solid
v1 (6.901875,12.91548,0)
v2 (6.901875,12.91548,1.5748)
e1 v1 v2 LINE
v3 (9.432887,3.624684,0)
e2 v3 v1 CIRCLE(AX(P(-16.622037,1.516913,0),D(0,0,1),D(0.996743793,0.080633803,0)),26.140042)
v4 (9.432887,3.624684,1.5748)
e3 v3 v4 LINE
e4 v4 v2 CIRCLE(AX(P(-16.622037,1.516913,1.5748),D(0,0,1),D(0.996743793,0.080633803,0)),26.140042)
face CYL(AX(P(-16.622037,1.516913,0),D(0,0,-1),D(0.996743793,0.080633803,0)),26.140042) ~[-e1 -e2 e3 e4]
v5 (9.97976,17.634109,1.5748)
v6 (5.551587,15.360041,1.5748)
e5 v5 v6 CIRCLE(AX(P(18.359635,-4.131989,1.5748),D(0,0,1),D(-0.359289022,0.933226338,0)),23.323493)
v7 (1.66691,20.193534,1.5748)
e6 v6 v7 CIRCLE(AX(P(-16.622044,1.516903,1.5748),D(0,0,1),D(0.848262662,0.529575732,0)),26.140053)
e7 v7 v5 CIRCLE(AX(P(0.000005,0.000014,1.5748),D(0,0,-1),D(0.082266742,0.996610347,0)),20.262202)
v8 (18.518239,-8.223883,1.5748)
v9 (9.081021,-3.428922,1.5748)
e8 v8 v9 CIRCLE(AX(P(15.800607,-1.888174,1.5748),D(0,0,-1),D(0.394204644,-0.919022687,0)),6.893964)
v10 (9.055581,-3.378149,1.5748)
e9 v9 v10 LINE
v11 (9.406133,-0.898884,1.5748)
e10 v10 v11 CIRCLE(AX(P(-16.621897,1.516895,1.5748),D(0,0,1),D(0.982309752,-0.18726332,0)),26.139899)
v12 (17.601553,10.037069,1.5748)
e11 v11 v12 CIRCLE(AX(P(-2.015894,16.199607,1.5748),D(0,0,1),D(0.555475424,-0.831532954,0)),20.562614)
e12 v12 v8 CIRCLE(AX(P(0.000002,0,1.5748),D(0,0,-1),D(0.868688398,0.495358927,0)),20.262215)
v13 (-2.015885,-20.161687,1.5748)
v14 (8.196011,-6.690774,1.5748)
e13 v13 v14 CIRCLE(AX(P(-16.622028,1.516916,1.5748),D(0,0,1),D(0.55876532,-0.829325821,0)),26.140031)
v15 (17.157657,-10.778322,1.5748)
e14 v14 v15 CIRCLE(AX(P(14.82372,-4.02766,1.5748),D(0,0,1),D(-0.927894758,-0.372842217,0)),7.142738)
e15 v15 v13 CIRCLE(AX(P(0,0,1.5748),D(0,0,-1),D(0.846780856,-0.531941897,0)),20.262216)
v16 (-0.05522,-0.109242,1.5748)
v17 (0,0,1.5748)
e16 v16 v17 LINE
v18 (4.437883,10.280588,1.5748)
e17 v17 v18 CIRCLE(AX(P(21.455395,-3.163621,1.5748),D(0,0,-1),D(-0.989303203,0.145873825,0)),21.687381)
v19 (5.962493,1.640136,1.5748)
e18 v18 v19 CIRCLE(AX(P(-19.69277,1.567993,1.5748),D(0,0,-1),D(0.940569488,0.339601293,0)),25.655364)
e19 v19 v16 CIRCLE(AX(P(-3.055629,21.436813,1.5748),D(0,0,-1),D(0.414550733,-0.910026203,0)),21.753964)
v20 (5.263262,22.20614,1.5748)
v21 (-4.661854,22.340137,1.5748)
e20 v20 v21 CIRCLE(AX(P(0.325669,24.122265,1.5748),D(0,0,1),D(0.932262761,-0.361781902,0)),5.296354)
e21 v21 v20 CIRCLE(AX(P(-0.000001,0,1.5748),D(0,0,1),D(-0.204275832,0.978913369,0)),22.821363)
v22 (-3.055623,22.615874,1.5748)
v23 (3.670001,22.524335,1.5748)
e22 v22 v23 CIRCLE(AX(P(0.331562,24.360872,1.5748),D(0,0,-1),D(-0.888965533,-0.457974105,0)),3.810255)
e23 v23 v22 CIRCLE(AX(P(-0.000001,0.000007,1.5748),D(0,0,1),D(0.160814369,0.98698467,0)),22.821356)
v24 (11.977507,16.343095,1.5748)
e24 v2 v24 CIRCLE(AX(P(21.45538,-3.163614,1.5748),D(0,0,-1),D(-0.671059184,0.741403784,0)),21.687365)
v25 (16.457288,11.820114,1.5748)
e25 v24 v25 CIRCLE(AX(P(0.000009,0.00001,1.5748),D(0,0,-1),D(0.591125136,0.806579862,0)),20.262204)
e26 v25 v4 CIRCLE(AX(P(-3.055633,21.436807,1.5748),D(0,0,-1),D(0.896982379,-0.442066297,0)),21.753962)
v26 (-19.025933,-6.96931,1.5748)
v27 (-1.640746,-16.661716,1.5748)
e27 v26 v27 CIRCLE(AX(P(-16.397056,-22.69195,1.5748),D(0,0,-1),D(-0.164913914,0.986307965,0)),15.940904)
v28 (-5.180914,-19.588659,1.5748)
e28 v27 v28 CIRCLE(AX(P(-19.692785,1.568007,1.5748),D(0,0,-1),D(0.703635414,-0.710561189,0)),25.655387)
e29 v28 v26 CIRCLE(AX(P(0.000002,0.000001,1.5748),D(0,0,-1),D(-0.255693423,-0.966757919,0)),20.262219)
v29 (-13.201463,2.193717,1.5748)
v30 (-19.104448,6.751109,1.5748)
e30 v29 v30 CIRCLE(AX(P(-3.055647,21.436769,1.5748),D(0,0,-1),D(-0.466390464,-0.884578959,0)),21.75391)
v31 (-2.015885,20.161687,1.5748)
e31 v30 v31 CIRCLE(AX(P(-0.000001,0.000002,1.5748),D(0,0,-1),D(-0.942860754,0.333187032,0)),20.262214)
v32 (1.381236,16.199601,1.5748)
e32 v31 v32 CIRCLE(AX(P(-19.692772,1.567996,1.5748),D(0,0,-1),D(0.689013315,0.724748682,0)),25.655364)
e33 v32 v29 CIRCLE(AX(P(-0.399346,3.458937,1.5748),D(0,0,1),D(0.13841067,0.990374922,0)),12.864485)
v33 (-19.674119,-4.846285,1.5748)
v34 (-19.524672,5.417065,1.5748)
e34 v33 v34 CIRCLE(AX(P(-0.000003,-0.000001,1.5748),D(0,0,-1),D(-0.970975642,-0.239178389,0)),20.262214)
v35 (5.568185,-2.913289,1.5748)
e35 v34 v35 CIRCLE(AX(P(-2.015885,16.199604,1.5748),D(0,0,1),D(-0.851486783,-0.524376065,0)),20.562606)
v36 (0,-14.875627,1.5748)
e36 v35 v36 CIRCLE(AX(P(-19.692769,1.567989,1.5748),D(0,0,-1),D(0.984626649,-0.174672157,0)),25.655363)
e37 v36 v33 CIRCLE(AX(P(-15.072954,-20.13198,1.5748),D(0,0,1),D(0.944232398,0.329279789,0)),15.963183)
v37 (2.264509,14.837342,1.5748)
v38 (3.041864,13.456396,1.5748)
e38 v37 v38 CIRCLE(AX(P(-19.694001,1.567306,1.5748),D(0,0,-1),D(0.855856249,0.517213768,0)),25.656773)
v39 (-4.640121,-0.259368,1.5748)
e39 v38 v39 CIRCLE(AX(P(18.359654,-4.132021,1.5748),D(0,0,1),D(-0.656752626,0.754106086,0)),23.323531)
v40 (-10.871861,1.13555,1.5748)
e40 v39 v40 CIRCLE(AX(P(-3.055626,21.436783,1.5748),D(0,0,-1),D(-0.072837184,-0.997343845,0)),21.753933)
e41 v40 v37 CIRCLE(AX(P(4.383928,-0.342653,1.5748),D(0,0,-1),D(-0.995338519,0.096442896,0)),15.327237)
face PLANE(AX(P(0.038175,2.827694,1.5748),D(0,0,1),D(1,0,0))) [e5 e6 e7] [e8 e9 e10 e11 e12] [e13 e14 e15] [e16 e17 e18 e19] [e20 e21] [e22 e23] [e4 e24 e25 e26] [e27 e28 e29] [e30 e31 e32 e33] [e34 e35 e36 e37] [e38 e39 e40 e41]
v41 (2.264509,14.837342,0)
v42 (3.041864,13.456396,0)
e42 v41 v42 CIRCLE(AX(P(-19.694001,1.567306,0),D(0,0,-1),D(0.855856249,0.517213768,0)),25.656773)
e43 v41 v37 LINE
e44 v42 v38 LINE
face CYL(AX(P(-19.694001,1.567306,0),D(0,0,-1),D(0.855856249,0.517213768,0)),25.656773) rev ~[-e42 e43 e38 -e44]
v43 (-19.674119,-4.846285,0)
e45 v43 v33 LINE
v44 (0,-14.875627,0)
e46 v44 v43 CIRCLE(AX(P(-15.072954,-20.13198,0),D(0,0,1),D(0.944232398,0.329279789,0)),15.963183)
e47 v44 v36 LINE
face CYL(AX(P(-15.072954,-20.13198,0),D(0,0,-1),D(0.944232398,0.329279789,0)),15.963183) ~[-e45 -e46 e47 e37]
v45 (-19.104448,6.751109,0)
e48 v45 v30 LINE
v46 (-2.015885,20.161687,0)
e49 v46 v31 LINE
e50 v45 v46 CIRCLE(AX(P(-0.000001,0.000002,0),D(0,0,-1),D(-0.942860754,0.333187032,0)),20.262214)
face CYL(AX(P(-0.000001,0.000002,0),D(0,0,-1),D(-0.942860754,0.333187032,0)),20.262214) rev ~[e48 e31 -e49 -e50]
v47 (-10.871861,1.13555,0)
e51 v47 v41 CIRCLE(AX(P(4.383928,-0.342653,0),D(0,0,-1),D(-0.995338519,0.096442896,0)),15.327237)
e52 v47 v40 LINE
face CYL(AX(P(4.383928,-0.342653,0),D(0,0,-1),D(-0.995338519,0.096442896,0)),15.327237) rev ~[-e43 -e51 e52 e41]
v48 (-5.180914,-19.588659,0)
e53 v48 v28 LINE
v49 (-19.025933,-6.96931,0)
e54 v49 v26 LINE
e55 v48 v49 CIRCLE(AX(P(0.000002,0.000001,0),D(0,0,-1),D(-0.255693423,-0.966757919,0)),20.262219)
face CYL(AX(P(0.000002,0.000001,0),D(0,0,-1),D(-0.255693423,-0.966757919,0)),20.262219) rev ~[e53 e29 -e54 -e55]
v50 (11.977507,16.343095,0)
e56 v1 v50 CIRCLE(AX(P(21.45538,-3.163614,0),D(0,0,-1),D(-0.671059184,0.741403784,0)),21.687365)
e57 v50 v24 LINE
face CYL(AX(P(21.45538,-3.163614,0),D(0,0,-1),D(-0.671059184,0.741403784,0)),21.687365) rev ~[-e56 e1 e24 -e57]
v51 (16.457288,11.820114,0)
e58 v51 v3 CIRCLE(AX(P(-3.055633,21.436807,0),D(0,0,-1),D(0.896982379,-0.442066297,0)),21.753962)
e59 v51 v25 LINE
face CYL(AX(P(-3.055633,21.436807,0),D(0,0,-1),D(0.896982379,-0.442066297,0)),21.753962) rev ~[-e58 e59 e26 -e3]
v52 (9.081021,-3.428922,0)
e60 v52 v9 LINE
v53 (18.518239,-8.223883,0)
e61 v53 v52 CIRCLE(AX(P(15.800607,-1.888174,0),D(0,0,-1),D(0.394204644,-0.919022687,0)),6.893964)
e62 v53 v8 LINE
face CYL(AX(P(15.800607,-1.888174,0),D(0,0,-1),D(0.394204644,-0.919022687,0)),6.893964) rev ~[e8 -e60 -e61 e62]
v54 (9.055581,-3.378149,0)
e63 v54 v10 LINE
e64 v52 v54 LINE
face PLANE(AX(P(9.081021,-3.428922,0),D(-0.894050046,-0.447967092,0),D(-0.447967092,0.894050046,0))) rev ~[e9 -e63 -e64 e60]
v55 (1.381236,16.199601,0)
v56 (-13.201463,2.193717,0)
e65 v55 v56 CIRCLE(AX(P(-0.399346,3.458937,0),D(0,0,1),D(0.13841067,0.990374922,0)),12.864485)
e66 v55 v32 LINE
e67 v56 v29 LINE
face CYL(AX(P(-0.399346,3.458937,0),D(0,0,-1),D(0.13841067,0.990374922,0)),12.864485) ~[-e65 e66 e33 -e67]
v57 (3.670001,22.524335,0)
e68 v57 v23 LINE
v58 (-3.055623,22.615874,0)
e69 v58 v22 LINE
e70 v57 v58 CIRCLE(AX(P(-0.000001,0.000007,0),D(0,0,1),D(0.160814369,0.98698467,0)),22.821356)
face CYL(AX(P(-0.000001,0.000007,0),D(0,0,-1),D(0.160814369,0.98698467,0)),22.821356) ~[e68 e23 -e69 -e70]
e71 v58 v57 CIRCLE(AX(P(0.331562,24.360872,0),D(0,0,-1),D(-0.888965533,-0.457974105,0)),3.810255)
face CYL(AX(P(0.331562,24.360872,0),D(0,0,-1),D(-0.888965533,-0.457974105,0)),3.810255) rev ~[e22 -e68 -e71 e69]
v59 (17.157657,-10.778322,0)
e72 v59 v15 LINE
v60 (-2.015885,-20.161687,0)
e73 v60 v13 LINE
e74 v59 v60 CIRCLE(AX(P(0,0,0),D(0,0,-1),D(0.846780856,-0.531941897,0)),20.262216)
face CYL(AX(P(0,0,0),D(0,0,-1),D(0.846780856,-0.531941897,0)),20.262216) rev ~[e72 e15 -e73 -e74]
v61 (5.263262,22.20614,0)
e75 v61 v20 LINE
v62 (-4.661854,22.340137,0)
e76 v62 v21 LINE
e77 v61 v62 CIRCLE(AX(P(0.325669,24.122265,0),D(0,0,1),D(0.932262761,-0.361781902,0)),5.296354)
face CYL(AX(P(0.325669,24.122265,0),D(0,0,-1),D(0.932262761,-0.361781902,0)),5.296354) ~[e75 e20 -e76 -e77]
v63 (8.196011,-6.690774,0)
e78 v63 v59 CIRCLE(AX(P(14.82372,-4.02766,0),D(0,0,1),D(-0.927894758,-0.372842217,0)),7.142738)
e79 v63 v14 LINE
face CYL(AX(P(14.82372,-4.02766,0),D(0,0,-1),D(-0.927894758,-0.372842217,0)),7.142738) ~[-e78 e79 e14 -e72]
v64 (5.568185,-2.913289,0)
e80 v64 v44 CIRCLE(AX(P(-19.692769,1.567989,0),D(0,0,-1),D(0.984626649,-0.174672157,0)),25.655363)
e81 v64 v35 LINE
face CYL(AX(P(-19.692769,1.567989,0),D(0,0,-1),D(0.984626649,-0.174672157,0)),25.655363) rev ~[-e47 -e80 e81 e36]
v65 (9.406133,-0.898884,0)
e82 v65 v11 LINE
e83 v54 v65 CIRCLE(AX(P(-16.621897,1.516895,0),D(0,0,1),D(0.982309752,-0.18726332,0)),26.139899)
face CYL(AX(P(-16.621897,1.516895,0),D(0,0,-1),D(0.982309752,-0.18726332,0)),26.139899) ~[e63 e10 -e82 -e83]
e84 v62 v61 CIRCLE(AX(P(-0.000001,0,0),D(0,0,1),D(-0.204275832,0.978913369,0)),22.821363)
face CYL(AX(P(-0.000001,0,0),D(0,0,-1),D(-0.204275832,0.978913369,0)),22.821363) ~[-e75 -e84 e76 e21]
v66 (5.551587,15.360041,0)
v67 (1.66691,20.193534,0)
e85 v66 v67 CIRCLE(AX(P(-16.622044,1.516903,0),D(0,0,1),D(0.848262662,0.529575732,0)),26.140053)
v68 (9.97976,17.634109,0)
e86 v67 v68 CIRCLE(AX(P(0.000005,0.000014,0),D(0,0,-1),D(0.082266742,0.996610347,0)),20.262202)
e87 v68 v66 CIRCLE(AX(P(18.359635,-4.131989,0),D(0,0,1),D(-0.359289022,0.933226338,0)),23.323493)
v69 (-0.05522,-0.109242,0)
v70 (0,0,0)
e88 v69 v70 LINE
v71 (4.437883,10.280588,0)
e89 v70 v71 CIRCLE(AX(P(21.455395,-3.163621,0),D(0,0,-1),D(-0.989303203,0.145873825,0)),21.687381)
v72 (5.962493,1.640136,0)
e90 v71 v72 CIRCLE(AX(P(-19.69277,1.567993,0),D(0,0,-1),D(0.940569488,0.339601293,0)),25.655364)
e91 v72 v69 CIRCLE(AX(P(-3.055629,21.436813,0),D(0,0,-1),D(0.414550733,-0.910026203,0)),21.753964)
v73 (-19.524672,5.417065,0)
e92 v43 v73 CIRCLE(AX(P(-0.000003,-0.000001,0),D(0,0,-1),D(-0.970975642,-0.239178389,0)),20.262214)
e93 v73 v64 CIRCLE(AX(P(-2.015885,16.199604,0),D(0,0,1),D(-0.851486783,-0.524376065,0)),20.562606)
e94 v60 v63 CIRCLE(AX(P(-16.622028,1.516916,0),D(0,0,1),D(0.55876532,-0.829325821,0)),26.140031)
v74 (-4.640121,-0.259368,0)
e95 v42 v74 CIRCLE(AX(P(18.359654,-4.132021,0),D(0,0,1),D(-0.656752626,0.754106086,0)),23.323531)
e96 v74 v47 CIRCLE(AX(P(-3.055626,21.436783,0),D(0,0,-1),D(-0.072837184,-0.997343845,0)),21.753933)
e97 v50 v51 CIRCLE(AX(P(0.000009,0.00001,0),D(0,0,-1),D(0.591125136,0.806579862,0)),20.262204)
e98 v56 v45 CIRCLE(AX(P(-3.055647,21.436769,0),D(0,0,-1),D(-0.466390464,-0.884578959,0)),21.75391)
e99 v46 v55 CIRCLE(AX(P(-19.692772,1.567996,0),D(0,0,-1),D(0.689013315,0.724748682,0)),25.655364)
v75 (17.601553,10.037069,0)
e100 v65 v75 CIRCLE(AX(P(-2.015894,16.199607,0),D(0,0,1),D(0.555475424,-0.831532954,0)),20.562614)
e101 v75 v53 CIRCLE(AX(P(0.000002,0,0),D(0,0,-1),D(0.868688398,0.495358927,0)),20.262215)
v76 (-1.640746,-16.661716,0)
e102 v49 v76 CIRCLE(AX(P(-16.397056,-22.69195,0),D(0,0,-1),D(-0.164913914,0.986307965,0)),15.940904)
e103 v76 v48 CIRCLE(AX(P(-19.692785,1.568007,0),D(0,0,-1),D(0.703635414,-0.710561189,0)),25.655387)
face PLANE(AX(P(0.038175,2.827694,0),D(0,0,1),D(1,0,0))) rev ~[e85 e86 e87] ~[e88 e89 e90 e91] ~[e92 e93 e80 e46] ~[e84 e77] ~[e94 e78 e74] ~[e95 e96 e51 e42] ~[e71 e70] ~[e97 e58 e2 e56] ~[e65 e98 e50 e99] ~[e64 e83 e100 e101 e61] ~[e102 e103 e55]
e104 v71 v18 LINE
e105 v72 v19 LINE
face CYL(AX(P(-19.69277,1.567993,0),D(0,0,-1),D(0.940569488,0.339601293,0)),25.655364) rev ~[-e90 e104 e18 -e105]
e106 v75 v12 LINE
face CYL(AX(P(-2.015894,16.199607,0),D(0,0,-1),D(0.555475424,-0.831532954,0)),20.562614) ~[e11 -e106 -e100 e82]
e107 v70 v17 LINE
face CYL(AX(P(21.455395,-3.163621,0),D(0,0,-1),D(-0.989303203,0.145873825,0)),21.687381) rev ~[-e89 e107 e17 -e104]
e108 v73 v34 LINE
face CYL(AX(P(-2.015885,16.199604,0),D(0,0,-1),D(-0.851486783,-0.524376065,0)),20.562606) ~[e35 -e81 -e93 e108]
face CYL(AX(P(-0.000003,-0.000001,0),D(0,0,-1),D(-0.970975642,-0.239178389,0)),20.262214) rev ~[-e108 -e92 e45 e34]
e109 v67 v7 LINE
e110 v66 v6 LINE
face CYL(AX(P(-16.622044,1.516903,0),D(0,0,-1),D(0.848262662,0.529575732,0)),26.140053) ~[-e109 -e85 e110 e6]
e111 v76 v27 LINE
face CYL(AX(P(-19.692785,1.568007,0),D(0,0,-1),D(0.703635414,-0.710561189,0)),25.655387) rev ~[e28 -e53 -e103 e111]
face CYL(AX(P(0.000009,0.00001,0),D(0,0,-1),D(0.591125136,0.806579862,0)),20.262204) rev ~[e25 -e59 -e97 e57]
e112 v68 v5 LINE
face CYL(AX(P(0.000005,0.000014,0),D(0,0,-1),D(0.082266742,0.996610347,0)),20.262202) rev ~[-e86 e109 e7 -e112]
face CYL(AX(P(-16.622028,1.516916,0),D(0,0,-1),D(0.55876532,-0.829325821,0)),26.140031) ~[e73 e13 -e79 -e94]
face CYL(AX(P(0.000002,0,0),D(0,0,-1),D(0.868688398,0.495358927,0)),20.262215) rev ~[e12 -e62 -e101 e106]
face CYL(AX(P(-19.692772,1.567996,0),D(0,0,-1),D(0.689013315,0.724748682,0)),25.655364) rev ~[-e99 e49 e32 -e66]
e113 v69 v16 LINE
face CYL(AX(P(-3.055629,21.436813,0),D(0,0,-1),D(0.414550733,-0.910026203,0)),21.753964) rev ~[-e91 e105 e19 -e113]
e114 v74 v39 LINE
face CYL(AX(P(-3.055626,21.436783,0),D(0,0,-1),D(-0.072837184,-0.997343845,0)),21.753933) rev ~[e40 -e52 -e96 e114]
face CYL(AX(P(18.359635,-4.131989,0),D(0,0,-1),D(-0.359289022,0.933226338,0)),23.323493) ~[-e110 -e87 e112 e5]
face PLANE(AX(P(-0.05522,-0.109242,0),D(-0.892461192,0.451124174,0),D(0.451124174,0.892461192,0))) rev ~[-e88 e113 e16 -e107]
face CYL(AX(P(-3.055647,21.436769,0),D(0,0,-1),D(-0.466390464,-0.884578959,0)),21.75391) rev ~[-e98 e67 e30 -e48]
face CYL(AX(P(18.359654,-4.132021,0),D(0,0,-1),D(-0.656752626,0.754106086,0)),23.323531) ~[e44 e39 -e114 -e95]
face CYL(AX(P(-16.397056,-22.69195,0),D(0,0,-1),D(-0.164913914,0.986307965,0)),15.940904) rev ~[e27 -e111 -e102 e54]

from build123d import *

# Parameters (mm, degrees)
F1_DEPTH = 1.5748


with BuildPart() as f1:
    # F0 (on Top) → F1 (new body)
    with BuildSketch(Plane.XY):
        with BuildLine():
            ThreePointArc((5.263262, 22.20614), (0.397166, 29.418136), (-4.661854, 22.340137))
            ThreePointArc((-4.661854, 22.340137), (-0.308077, -22.819283), (5.263262, 22.20614))
        make_face()
        with BuildLine():
            ThreePointArc((-1.640746, -16.661716), (-3.345192, -18.204578), (-5.180914, -19.588659))
            ThreePointArc((-5.180914, -19.588659), (-13.649353, -14.975065), (-19.025933, -6.96931))
            ThreePointArc((-19.025933, -6.96931), (-8.634689, -8.768658), (-1.640746, -16.661716))
        make_face(mode=Mode.SUBTRACT)
        with BuildLine():
            ThreePointArc((-19.674119, -4.846285), (-20.260069, 0.29501), (-19.524672, 5.417065))
            ThreePointArc((-19.524672, 5.417065), (-8.494596, -3.3157), (5.568185, -2.913289))
            ThreePointArc((5.568185, -2.913289), (3.566287, -9.258551), (0, -14.875627))
            ThreePointArc((0, -14.875627), (-7.823022, -5.910107), (-19.674119, -4.846285))
        make_face(mode=Mode.SUBTRACT)
        with BuildLine():
            ThreePointArc((17.157657, -10.778322), (8.90675, -18.199649), (-2.015885, -20.161687))
            ThreePointArc((-2.015885, -20.161687), (4.209028, -14.274485), (8.196011, -6.690774))
            ThreePointArc((8.196011, -6.690774), (11.859579, -10.526319), (17.157657, -10.778322))
        make_face(mode=Mode.SUBTRACT)
        with BuildLine():
            ThreePointArc((18.518239, -8.223883), (12.677816, -8.034304), (9.081021, -3.428922))
            Line((9.081021, -3.428922), (9.055581, -3.378149))
            ThreePointArc((9.055581, -3.378149), (9.26056, -2.142716), (9.406133, -0.898884))
            ThreePointArc((9.406133, -0.898884), (14.438923, 3.868342), (17.601553, 10.037069))
            ThreePointArc((17.601553, 10.037069), (20.236735, 1.015869), (18.518239, -8.223883))
        make_face(mode=Mode.SUBTRACT)
        with BuildLine():
            ThreePointArc((-10.871861, 1.13555), (-6.679943, 10.264653), (2.264509, 14.837342))
            ThreePointArc((2.264509, 14.837342), (2.663851, 14.152872), (3.041864, 13.456396))
            ThreePointArc((3.041864, 13.456396), (-1.989535, 7.265242), (-4.640121, -0.259368))
            ThreePointArc((-4.640121, -0.259368), (-7.807455, 0.208177), (-10.871861, 1.13555))
        make_face(mode=Mode.SUBTRACT)
        with BuildLine():
            ThreePointArc((-19.104448, 6.751109), (-12.509118, 15.939868), (-2.015885, 20.161687))
            ThreePointArc((-2.015885, 20.161687), (-0.216312, 18.267253), (1.381236, 16.199601))
            ThreePointArc((1.381236, 16.199601), (-9.310561, 12.73715), (-13.201463, 2.193717))
            ThreePointArc((-13.201463, 2.193717), (-16.349704, 4.217574), (-19.104448, 6.751109))
        make_face(mode=Mode.SUBTRACT)
        with BuildLine():
            ThreePointArc((0, 0), (1.543997, 5.431651), (4.437883, 10.280588))
            ThreePointArc((4.437883, 10.280588), (5.572299, 6.026021), (5.962493, 1.640136))
            ThreePointArc((5.962493, 1.640136), (3.016961, 0.547615), (-0.05522, -0.109242))
            Line((-0.05522, -0.109242), (0, 0))
        make_face(mode=Mode.SUBTRACT)
        with BuildLine():
            ThreePointArc((6.901875, 12.91548), (9.318086, 14.809362), (11.977507, 16.343095))
            ThreePointArc((11.977507, 16.343095), (14.396136, 14.258636), (16.457288, 11.820114))
            ThreePointArc((16.457288, 11.820114), (13.461459, 7.279811), (9.432887, 3.624684))
            ThreePointArc((9.432887, 3.624684), (8.598886, 8.387634), (6.901875, 12.91548))
        make_face(mode=Mode.SUBTRACT)
        with BuildLine():
            ThreePointArc((1.66691, 20.193534), (5.962289, 19.365137), (9.97976, 17.634109))
            ThreePointArc((9.97976, 17.634109), (7.70483, 16.615552), (5.551587, 15.360041))
            ThreePointArc((5.551587, 15.360041), (3.753084, 17.892389), (1.66691, 20.193534))
        make_face(mode=Mode.SUBTRACT)
        with BuildLine():
            ThreePointArc((-3.055623, 22.615874), (0.383417, 28.170774), (3.670001, 22.524335))
            ThreePointArc((3.670001, 22.524335), (0.31058, 22.819249), (-3.055623, 22.615874))
        make_face(mode=Mode.SUBTRACT)
    extrude(amount=F1_DEPTH)


solid = f1.part
